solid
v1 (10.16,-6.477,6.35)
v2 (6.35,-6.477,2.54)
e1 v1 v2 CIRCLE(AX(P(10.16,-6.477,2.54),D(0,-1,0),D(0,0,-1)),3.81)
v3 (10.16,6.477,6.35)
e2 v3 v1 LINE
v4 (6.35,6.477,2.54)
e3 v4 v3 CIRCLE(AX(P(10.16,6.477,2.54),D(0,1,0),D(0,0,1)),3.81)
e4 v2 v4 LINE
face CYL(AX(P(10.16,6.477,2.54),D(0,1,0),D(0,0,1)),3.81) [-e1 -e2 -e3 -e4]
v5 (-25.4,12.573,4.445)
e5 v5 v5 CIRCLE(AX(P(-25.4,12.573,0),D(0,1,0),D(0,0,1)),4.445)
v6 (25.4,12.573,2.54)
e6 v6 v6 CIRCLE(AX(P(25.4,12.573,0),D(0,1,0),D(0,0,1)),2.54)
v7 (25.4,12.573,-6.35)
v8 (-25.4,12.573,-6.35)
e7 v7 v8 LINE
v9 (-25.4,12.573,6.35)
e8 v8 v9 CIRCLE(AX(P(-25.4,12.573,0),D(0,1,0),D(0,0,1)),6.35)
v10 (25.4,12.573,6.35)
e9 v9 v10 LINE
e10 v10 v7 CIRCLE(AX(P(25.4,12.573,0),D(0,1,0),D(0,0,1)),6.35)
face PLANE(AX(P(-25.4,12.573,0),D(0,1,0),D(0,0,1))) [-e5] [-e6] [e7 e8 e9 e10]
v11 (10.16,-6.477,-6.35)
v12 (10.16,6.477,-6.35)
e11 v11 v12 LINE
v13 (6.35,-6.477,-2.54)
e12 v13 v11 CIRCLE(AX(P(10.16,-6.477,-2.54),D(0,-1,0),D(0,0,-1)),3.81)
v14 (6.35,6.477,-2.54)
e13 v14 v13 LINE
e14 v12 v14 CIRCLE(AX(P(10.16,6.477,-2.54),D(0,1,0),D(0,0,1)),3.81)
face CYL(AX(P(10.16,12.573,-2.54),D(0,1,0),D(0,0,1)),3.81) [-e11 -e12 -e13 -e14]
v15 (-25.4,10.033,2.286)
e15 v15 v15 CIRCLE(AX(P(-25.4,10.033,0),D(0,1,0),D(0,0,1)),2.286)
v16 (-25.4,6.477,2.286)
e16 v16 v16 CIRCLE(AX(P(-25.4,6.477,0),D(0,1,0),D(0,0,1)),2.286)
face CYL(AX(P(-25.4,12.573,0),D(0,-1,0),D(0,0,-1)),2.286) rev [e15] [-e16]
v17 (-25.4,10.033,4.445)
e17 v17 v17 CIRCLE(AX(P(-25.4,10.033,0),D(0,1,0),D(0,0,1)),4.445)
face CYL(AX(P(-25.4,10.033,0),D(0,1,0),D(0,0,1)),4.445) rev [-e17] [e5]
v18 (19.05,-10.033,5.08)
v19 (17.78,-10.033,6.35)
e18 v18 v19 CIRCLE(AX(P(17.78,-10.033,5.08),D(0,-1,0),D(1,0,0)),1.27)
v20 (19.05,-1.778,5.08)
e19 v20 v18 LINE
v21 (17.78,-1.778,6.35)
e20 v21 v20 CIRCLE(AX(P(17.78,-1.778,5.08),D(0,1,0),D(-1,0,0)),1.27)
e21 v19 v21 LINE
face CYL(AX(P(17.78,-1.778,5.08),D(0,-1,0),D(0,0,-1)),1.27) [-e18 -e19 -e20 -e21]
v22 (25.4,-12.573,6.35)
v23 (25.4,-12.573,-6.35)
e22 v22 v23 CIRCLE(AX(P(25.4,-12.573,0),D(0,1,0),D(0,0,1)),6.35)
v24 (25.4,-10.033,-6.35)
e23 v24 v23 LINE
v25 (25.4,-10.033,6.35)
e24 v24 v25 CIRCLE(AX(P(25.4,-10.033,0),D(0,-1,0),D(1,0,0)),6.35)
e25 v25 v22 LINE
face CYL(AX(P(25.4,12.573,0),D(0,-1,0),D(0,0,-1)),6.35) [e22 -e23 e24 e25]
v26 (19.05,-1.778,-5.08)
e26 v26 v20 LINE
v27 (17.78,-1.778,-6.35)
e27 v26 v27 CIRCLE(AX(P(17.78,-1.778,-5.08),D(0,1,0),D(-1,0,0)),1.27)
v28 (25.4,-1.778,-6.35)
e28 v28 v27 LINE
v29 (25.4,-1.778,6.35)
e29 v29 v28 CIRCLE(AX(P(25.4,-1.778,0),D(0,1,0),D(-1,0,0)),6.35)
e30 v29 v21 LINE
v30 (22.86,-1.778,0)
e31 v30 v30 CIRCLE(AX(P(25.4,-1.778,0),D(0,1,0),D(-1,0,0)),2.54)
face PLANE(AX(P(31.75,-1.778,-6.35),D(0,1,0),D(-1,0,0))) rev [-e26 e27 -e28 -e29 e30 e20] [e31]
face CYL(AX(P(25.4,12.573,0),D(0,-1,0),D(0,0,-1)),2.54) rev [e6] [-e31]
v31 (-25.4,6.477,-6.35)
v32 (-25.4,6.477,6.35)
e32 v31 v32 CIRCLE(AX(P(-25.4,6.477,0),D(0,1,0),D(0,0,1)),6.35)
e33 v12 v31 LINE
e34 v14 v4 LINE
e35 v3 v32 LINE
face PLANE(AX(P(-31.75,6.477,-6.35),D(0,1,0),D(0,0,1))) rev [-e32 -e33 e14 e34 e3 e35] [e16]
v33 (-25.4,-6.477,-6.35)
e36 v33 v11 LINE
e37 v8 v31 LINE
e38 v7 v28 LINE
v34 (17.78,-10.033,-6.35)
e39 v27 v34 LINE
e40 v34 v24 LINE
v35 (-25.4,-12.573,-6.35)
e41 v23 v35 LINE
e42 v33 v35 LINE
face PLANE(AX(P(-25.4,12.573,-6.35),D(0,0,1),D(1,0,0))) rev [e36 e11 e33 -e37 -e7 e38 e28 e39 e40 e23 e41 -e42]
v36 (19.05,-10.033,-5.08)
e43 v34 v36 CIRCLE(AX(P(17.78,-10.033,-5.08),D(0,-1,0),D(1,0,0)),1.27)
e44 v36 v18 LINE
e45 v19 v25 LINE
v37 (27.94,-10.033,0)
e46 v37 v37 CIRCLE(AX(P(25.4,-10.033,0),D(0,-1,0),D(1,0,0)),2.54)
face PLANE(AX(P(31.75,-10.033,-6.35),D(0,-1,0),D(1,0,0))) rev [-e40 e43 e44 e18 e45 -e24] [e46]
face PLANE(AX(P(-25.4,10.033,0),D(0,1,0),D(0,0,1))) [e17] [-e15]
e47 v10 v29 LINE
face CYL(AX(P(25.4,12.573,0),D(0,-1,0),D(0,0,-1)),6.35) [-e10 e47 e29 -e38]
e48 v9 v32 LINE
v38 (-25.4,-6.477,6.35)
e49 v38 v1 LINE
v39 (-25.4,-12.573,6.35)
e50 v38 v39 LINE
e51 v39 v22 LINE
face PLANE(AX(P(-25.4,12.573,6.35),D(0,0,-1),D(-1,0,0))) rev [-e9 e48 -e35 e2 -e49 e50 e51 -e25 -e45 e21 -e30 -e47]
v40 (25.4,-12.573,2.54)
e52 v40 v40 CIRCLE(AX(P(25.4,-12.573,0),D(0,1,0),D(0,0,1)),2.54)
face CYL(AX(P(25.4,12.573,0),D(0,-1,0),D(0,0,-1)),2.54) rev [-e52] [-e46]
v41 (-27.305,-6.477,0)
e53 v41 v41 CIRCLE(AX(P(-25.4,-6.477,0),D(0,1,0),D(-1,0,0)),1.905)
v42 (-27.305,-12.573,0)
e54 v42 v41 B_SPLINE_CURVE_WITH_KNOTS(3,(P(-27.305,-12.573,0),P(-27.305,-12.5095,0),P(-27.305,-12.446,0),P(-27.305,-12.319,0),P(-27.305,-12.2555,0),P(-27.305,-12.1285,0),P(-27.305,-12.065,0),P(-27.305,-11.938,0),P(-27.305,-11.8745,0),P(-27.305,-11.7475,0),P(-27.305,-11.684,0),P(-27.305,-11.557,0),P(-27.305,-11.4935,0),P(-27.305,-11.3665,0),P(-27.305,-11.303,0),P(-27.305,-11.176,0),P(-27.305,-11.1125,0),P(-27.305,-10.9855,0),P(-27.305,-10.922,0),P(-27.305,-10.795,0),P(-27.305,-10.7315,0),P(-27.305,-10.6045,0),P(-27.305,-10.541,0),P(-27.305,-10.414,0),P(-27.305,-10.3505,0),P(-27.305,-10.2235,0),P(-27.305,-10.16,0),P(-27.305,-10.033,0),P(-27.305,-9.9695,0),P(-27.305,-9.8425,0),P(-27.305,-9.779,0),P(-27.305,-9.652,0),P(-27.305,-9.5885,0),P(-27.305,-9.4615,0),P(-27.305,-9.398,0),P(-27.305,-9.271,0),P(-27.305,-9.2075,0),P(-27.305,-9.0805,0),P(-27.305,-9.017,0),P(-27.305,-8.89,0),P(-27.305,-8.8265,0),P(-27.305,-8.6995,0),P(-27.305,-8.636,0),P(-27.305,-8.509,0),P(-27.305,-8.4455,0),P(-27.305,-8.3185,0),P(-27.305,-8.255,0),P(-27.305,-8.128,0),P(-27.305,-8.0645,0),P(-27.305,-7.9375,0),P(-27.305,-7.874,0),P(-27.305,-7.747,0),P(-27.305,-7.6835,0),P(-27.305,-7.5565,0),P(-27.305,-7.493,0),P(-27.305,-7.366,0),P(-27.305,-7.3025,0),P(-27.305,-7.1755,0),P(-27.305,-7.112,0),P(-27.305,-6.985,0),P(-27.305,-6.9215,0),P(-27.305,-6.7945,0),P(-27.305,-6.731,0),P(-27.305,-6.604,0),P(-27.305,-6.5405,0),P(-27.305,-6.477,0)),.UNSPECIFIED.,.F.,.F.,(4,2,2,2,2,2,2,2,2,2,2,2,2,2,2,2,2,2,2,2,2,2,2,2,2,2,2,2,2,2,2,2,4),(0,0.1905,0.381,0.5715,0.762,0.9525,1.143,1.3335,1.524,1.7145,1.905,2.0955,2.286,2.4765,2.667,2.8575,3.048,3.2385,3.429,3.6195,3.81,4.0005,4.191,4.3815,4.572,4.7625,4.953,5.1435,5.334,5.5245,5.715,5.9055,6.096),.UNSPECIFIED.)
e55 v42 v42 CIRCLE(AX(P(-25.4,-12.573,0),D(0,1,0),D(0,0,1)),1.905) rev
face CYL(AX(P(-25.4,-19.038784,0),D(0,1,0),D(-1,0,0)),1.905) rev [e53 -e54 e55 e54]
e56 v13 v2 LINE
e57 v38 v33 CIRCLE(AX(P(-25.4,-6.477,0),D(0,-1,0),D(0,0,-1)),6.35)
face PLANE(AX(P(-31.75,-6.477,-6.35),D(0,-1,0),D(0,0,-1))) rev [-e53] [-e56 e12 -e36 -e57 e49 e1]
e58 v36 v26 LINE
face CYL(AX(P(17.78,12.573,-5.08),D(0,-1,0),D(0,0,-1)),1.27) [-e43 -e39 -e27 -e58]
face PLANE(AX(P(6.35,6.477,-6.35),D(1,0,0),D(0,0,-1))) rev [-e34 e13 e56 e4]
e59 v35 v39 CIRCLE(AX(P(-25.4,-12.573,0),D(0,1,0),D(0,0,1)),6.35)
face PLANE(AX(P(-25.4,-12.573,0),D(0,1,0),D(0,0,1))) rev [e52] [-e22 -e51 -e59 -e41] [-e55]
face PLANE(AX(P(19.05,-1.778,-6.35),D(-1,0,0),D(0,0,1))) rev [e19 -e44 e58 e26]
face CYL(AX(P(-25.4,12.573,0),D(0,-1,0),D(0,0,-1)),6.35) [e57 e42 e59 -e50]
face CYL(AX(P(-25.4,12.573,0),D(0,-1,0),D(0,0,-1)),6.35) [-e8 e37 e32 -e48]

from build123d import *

# Parameters (mm, degrees)
SKETCH1_R           = 2.286
SKETCH1_R_2         = 2.54
BOSS_EXTRUDE1_DEPTH = 12.573
SKETCH2_W           = 38.1
SKETCH2_H           = 12.954
CUT_EXTRUDE1_DEPTH  = 37.433951597
SKETCH3_R           = 4.445
CUT_EXTRUDE2_DEPTH  = 2.54
BOSS_EXTRUDE2_START = -6.096
SKETCH4_R           = 2.286
SKETCH4_R_2         = 1.905
BOSS_EXTRUDE2_DEPTH = 6.096
FILLET1_R           = 3.81
SKETCH6_W           = 12.7
SKETCH6_H           = 8.255
CUT_EXTRUDE4_DEPTH  = 37.433951597
FILLET2_R           = 1.27


with BuildPart() as part:
    # Sketch1 → Boss-Extrude1 (new, symmetric)
    with BuildSketch(Plane(origin=(0, 0, 0), x_dir=(1, 0, 0), z_dir=(0, 1, 0))):
        with BuildLine():
            Line((-25.4, 6.35), (25.4, 6.35))
            ThreePointArc((25.4, 6.35), (31.75, 0), (25.4, -6.35))
            Line((25.4, -6.35), (-25.4, -6.35))
            ThreePointArc((-25.4, -6.35), (-31.75, 0), (-25.4, 6.35))
        make_face()
        with Locations(Location((-25.4, 0, 0), (0, 0, 270))):
            Circle(SKETCH1_R, mode=Mode.SUBTRACT)
        with Locations(Location((25.4, 0, 0), (0, 0, 270))):
            Circle(SKETCH1_R_2, mode=Mode.SUBTRACT)
    extrude(amount=BOSS_EXTRUDE1_DEPTH, both=True)

    # Sketch2 → Cut-Extrude1 (cut, through all)
    with BuildSketch(Plane.XY.offset(6.35)):
        with Locations((-12.7, 0)):
            Rectangle(SKETCH2_W, SKETCH2_H)
    extrude(amount=-CUT_EXTRUDE1_DEPTH, mode=Mode.SUBTRACT)

    # Sketch3 → Cut-Extrude2 (cut)
    with BuildSketch(Plane(origin=(0, 12.573, 0), x_dir=(1, 0, 0), z_dir=(0, 1, 0))):
        with Locations(Location((-25.4, 0, 0), (0, 0, 270))):
            Circle(SKETCH3_R)
    extrude(amount=-CUT_EXTRUDE2_DEPTH, mode=Mode.SUBTRACT)

    # Sketch4 → Boss-Extrude2 (add)
    with BuildSketch(Plane(origin=(0, -6.477, 0), x_dir=(1, 0, 0), z_dir=(0, 1, 0)).offset(BOSS_EXTRUDE2_START)):
        with Locations(Location((-25.4, 0, 0), (0, 0, 270))):
            Circle(SKETCH4_R)
        with Locations(Location((-25.4, 0, 0), (0, 0, 180))):
            Circle(SKETCH4_R_2, mode=Mode.SUBTRACT)
    extrude(amount=BOSS_EXTRUDE2_DEPTH)

    # Fillet1
    fillet1_edges = [part.edges().sort_by_distance(p)[0] for p in [
        (6.35, 0, 6.35),
        (6.35, 0, -6.35),
    ]]
    fillet(fillet1_edges, radius=FILLET1_R)

    # Sketch6 → Cut-Extrude4 (cut, through all)
    with BuildSketch(Plane.XY.offset(6.35)):
        with Locations((25.4, -5.9055)):
            Rectangle(SKETCH6_W, SKETCH6_H)
    extrude(amount=-CUT_EXTRUDE4_DEPTH, mode=Mode.SUBTRACT)

    # Fillet2
    fillet2_edges = [part.edges().sort_by_distance(p)[0] for p in [
        (19.05, -5.9055, 6.35),
        (19.05, -5.9055, -6.35),
    ]]
    fillet(fillet2_edges, radius=FILLET2_R)


solid = part.part
